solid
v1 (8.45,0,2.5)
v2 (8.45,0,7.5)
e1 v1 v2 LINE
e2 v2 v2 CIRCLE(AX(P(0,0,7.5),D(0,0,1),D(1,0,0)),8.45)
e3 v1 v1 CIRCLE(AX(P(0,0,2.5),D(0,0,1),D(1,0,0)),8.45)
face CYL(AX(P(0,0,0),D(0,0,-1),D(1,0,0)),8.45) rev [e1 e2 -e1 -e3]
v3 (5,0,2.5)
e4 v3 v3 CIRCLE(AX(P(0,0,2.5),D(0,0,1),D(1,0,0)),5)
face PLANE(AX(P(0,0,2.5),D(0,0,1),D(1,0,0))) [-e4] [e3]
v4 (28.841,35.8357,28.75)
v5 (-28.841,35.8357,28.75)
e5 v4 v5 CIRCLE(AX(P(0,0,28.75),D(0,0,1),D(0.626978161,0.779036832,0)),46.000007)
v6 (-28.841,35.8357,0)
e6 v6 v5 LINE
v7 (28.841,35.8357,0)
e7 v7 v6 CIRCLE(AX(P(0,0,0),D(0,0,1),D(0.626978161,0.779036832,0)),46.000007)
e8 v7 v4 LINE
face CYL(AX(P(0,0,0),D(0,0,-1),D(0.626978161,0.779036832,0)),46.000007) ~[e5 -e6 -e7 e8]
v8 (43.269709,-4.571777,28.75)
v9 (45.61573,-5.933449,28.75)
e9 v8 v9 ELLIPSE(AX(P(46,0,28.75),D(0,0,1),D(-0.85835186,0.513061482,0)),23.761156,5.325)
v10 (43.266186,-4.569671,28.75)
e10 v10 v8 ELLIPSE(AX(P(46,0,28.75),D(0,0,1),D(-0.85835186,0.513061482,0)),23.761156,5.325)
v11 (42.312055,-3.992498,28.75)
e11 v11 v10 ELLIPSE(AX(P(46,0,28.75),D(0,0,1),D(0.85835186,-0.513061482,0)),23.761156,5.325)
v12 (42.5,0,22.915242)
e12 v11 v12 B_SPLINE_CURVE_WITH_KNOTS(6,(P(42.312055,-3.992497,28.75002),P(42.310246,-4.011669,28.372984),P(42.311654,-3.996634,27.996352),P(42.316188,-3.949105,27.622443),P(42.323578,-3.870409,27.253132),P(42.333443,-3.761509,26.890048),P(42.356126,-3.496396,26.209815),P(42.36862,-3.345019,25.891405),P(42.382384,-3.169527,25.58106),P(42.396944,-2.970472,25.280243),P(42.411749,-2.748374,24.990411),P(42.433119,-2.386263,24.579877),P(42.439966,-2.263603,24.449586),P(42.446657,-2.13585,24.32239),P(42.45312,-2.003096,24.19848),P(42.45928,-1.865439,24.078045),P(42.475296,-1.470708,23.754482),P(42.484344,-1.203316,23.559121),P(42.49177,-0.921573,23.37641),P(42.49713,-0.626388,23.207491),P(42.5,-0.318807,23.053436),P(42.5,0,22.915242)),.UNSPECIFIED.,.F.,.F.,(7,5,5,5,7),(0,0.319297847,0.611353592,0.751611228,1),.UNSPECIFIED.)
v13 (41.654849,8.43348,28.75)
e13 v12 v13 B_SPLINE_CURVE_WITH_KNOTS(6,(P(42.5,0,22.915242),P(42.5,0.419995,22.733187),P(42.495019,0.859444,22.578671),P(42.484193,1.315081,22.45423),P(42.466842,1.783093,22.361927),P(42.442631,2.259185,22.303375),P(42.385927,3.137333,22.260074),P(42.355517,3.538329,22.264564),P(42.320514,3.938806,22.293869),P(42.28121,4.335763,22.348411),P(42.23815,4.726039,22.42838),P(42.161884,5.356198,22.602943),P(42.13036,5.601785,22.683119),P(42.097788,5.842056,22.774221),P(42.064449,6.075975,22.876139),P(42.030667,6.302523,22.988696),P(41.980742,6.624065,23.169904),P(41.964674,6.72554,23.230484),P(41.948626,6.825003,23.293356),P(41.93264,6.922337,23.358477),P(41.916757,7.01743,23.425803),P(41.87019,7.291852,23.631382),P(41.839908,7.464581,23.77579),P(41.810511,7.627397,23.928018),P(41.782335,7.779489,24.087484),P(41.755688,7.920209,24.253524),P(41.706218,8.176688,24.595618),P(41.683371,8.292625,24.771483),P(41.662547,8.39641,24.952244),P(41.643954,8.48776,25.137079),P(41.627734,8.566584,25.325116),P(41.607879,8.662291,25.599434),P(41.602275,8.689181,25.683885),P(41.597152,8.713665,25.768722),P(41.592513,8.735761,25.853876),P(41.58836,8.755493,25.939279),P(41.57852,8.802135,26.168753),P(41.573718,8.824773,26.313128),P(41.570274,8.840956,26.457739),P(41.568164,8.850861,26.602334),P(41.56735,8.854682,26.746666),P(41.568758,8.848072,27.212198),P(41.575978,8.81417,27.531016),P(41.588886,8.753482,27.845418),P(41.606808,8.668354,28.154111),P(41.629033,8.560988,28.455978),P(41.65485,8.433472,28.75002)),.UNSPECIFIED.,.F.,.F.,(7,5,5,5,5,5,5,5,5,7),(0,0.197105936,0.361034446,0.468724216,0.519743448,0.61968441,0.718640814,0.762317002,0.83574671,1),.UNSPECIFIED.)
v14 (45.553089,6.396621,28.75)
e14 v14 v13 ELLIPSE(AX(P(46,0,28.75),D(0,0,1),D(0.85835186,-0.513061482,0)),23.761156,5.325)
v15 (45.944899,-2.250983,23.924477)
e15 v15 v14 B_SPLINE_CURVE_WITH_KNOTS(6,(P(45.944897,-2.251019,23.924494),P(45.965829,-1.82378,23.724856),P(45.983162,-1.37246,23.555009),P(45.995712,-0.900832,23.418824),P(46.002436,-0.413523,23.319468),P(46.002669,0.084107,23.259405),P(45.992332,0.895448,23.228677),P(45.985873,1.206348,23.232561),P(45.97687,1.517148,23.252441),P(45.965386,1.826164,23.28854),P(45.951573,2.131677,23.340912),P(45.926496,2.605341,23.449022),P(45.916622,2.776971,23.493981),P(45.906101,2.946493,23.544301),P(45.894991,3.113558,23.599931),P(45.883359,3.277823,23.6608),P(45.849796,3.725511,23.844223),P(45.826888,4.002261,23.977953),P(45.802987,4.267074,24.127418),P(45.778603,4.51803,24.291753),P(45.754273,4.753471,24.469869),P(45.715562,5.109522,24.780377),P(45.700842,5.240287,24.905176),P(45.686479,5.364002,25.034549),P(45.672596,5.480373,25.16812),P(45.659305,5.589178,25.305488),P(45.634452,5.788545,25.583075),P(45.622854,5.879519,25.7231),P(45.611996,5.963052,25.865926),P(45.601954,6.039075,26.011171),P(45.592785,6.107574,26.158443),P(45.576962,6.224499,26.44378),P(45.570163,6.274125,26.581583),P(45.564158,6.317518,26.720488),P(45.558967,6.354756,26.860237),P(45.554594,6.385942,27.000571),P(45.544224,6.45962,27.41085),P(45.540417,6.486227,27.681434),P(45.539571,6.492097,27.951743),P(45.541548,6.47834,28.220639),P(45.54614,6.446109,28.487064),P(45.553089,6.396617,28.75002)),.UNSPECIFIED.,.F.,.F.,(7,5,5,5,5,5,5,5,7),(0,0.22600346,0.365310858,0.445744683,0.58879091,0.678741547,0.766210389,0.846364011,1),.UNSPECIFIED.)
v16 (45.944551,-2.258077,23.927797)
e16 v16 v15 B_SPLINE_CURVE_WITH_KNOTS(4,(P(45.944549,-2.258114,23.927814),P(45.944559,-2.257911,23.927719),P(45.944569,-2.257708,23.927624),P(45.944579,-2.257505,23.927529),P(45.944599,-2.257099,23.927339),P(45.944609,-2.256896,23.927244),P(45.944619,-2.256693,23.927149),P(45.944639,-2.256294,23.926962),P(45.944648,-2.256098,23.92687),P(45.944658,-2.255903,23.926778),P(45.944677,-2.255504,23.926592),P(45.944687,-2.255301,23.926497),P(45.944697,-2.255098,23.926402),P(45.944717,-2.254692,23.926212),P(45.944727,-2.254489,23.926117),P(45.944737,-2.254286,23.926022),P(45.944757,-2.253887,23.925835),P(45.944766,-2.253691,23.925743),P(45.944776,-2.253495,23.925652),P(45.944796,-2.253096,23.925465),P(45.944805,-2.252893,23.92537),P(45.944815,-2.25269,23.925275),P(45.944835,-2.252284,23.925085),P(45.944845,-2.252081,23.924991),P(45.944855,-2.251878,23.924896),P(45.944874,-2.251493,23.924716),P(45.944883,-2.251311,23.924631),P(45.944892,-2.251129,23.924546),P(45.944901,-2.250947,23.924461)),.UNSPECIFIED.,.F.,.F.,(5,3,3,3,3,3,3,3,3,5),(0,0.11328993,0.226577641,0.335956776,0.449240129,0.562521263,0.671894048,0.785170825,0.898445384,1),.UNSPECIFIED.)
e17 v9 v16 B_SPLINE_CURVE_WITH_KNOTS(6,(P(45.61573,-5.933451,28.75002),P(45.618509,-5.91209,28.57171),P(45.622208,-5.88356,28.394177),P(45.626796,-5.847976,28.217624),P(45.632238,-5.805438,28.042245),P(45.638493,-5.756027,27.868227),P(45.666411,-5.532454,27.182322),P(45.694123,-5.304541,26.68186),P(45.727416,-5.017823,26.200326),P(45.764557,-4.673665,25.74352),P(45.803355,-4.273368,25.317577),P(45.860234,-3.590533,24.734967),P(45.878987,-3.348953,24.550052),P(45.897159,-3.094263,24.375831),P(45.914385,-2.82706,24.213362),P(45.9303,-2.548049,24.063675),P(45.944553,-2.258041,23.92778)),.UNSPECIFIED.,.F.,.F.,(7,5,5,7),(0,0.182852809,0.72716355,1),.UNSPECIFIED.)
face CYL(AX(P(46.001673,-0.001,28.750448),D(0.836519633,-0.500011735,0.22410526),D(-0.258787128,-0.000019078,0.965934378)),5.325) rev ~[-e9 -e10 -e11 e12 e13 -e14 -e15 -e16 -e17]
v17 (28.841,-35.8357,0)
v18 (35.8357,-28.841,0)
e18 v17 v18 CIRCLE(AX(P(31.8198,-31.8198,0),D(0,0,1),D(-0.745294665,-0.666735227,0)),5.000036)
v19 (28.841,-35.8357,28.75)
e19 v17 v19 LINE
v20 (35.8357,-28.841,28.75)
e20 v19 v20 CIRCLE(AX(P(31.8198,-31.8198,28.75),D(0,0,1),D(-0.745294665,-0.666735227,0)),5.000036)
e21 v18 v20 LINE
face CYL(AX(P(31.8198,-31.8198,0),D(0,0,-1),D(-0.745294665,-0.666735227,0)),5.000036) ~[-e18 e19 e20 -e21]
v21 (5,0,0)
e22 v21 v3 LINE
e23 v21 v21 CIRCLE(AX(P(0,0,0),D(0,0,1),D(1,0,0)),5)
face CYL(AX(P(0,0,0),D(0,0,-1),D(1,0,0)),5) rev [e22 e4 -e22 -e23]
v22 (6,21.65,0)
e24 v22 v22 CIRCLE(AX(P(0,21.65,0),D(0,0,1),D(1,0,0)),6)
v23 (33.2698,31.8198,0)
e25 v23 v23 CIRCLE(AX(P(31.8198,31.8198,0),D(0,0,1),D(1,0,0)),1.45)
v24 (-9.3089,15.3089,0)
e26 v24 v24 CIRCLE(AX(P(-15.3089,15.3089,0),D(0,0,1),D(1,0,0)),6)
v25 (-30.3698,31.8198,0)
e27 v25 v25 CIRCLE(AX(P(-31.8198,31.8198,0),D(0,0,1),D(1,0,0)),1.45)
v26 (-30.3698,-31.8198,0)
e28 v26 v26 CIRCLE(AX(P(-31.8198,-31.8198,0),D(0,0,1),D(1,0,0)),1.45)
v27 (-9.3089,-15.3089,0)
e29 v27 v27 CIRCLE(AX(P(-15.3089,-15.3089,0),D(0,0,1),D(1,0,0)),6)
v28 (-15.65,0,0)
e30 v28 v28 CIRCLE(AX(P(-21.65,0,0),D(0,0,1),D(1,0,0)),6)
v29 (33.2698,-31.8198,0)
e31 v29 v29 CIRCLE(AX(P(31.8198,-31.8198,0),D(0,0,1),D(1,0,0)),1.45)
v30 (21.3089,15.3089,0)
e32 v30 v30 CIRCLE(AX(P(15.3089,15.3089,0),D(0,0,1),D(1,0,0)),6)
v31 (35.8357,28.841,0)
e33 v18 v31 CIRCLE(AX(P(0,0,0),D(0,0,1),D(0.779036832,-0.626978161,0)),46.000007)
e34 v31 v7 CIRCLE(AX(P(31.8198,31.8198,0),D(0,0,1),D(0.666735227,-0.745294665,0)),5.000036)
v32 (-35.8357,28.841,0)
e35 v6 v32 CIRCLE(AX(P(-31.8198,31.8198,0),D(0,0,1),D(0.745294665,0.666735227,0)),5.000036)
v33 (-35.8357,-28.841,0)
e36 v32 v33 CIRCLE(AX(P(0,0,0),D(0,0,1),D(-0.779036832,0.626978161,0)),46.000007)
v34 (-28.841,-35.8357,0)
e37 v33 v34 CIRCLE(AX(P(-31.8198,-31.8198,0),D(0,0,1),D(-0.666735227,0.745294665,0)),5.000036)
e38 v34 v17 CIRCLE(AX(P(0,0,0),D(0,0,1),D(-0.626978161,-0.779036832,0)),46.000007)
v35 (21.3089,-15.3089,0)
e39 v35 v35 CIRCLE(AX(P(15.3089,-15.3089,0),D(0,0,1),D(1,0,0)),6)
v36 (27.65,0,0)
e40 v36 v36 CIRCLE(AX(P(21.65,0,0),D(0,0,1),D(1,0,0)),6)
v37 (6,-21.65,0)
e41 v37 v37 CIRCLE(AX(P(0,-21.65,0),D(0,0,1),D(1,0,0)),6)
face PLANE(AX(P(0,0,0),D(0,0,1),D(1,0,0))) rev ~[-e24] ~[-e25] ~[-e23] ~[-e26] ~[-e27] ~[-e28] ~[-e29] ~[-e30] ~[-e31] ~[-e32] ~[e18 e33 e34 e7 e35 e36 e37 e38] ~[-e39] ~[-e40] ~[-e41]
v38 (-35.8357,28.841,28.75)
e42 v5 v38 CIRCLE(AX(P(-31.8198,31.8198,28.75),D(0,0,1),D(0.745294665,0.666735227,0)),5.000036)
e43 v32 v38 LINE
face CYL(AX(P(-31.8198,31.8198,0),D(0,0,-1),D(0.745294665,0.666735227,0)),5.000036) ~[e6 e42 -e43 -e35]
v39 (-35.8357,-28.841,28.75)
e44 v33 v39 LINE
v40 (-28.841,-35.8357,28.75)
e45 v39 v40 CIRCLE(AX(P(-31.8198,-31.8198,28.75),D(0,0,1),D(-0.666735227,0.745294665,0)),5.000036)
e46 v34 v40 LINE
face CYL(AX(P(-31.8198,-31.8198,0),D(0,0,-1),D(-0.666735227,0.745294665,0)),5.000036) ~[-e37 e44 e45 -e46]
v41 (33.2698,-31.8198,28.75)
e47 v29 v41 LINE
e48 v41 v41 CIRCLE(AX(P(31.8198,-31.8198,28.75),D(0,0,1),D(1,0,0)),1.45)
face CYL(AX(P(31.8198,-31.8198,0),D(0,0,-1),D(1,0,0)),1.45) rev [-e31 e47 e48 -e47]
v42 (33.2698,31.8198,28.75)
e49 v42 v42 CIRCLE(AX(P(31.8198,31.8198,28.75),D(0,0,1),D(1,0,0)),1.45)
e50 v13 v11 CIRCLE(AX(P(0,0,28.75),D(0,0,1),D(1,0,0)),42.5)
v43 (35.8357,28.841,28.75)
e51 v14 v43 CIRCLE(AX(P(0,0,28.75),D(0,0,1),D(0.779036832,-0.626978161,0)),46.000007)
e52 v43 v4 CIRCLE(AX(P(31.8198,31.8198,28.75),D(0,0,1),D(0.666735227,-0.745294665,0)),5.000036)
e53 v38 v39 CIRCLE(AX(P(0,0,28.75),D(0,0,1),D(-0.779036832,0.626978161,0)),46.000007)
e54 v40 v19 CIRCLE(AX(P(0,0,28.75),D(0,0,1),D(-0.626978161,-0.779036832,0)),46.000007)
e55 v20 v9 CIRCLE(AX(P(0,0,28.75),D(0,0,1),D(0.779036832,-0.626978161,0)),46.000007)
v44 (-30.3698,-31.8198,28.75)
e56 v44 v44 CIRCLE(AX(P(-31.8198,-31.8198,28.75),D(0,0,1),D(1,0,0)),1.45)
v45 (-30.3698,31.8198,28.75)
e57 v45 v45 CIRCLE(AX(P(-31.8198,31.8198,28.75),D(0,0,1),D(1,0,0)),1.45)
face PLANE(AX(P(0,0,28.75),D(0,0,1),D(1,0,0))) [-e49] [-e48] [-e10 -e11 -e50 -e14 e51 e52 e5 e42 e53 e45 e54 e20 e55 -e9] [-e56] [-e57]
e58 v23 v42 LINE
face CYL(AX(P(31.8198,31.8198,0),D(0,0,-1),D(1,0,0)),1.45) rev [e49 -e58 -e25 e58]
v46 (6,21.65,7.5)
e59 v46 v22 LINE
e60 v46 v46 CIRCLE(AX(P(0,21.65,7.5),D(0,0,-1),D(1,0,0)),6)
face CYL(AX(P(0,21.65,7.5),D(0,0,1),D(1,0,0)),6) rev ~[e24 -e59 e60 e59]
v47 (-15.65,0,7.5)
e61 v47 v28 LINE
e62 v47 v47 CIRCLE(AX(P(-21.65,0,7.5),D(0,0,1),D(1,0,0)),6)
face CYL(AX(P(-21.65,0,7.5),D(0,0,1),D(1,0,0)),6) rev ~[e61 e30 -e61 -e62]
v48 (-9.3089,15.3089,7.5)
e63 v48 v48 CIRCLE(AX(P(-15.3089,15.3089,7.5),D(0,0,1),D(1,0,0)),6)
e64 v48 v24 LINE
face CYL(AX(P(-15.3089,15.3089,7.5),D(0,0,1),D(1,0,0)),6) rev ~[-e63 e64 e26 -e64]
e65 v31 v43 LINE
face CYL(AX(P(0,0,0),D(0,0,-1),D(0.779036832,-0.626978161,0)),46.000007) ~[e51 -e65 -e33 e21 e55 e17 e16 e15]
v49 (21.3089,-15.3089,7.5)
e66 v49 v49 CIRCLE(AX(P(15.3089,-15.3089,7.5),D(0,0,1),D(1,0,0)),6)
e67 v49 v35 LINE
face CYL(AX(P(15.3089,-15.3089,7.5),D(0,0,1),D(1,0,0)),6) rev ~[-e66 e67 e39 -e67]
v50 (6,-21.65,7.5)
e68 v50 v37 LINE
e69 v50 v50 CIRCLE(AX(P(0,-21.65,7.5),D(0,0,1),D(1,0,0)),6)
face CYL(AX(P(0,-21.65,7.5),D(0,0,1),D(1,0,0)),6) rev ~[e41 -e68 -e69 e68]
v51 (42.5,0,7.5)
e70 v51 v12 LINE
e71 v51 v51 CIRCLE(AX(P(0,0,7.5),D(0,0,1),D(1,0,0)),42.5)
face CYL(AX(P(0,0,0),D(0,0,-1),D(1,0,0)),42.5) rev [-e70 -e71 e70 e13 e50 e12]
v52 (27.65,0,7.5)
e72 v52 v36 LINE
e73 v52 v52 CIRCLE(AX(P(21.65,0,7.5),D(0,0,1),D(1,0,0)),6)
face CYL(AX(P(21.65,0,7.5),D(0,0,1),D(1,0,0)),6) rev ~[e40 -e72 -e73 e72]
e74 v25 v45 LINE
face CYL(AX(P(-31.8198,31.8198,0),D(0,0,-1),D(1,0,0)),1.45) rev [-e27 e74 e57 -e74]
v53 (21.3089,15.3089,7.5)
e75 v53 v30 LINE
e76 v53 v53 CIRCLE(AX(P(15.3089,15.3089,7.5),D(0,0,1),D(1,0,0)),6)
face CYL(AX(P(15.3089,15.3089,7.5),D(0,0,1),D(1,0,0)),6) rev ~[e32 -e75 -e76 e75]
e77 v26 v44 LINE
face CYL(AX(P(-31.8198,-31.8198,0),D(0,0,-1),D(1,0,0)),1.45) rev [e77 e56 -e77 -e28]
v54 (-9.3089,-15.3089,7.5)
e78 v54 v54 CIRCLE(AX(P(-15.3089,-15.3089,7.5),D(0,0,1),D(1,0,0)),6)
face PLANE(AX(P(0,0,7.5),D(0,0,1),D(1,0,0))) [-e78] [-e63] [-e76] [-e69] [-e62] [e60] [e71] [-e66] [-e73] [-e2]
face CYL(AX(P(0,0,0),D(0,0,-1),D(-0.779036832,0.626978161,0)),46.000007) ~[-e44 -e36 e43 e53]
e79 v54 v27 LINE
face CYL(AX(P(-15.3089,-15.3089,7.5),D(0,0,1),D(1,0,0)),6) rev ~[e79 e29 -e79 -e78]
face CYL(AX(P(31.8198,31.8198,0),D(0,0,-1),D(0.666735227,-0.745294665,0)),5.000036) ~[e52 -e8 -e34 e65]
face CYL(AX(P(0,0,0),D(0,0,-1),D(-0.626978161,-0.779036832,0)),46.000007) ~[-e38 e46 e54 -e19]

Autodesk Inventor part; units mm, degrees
ref_plane "YZ Plane" through (0, 0, 0) normal (1, 0, 0) x (0, 1, 0)
ref_plane "XZ Plane" through (0, 0, 0) normal (0, 1, 0) x (-1, 0, 0)
sketch "Sketch1" plane through (0, 0, 0) normal (0, 0, 1) x (1, 0, 0)
  circle A0 centre (0, 0) radius 5
  circle A1 centre (0, 0) radius 8.45
  circle A2 centre (0, 0) radius 42.5
  circle A3 centre (0, 0) radius 45 construction
  circle A4 centre (-31.8198, 31.8198) radius 1.45
  arc A5 (-28.0933, 35.1535) -> (-35.1535, 28.0933) centre (-31.8198, 31.8198) ccw
  arc A6 (-35.1535, -28.0933) -> (-28.0933, -35.1535) centre (-31.8198, -31.8198) ccw
  circle A7 centre (-31.8198, -31.8198) radius 1.45
  arc A8 (28.0933, -35.1535) -> (35.1535, -28.0933) centre (31.8198, -31.8198) ccw
  circle A9 centre (31.8198, -31.8198) radius 1.45
  arc A10 (35.1535, 28.0933) -> (28.0933, 35.1535) centre (31.8198, 31.8198) ccw
  circle A11 centre (31.8198, 31.8198) radius 1.45
  line L0 (-31.8198, 31.8198) -> (31.8198, 31.8198) construction
  arc A12 (28.841, 35.8357) -> (-28.841, 35.8357) centre (0, 0) ccw
  arc A13 (-35.8357, 28.841) -> (-35.8357, -28.841) centre (0, 0) ccw
  arc A14 (-28.841, -35.8357) -> (28.841, -35.8357) centre (0, 0) ccw
  arc A15 (35.8357, -28.841) -> (35.8357, 28.841) centre (0, 0) ccw
  point P0 (0, -46)
  point P1 (0, 46)
  dimension "d2" = 10
  dimension "d3" = 16.9
  dimension "d4" = 85
  dimension "d5" = 90
  dimension "d6" = 2.9
  dimension "d7" = 5
  dimension "d8" = 360
  dimension "d9" = 92
extrude "Extrusion1" add sketch "Sketch1" along normal blind 2.5 contours A1
extrude "Extrusion2" add sketch "Sketch1" along normal blind 7.5 contours A2
extrude "Extrusion3" add sketch "Sketch1" along normal blind 28.75 contours A12 A10 A15 A8 A14 A6 A13 A5
sketch "Sketch2" plane through (0, 0, 28.75) normal (0, 0, 1) x (1, 0, 0)
  arc A0 (35.8357, -28.841) -> (35.8357, 28.841) centre (0, 0) ccw construction
  line L0 (46, 0) -> (46, -31.8198) construction
  point P0 (31.8198, -31.8198)
ref_plane "Work Plane1" through (46, 0, 28.75) normal (0.9659, 0, 0.2588) x (0, -1, 0)
sketch "Sketch3" plane through (46, 0, 28.75) normal (0.9659, 0, 0.2588) x (0, -1, 0)
  ellipse E0 centre (0, -11.9057) end of major axis (-46, -11.9057) minor radius 11.9057 (28.841, -2.6307) -> (-28.841, -2.6307) ccw projected
  line L0 (0, 0) -> (0, -11.9057) construction
  point P0 (0, 15.8647)
ref_plane "Work Plane2" through (46, 0, 28.75) normal (0.8365, -0.5, 0.2241) x (-0.2588, 0, 0.9659)
sketch "Sketch4" plane through (46, 0, 28.75) normal (0.8365, -0.5, 0.2241) x (-0.2588, 0, 0.9659)
  circle A0 centre (0, 0) radius 5.325
  point P0 (-15.8647, 25.9368)
  dimension "d18" = 10.65
extrude "Extrusion4" cut sketch "Sketch4" along normal mid plane 30
sketch "Sketch5" plane through (0, 0, 7.5) normal (0, 0, 1) x (1, 0, 0)
  circle A0 centre (0, 21.65) radius 6
  line L0 (0, 21.65) -> (0, 0)
  circle A1 centre (-15.3089, 15.3089) radius 6
  circle A2 centre (-21.65, 0) radius 6
  circle A3 centre (-15.3089, -15.3089) radius 6
  circle A4 centre (0, -21.65) radius 6
  circle A5 centre (15.3089, -15.3089) radius 6
  circle A6 centre (21.65, 0) radius 6
  circle A7 centre (15.3089, 15.3089) radius 6
  dimension "d21" = 12
  dimension "d22" = 21.65
  dimension "d25" = 360
extrude "Extrusion5" cut sketch "Sketch5" against normal through all
properties part number "Case Part 1 - V3"
